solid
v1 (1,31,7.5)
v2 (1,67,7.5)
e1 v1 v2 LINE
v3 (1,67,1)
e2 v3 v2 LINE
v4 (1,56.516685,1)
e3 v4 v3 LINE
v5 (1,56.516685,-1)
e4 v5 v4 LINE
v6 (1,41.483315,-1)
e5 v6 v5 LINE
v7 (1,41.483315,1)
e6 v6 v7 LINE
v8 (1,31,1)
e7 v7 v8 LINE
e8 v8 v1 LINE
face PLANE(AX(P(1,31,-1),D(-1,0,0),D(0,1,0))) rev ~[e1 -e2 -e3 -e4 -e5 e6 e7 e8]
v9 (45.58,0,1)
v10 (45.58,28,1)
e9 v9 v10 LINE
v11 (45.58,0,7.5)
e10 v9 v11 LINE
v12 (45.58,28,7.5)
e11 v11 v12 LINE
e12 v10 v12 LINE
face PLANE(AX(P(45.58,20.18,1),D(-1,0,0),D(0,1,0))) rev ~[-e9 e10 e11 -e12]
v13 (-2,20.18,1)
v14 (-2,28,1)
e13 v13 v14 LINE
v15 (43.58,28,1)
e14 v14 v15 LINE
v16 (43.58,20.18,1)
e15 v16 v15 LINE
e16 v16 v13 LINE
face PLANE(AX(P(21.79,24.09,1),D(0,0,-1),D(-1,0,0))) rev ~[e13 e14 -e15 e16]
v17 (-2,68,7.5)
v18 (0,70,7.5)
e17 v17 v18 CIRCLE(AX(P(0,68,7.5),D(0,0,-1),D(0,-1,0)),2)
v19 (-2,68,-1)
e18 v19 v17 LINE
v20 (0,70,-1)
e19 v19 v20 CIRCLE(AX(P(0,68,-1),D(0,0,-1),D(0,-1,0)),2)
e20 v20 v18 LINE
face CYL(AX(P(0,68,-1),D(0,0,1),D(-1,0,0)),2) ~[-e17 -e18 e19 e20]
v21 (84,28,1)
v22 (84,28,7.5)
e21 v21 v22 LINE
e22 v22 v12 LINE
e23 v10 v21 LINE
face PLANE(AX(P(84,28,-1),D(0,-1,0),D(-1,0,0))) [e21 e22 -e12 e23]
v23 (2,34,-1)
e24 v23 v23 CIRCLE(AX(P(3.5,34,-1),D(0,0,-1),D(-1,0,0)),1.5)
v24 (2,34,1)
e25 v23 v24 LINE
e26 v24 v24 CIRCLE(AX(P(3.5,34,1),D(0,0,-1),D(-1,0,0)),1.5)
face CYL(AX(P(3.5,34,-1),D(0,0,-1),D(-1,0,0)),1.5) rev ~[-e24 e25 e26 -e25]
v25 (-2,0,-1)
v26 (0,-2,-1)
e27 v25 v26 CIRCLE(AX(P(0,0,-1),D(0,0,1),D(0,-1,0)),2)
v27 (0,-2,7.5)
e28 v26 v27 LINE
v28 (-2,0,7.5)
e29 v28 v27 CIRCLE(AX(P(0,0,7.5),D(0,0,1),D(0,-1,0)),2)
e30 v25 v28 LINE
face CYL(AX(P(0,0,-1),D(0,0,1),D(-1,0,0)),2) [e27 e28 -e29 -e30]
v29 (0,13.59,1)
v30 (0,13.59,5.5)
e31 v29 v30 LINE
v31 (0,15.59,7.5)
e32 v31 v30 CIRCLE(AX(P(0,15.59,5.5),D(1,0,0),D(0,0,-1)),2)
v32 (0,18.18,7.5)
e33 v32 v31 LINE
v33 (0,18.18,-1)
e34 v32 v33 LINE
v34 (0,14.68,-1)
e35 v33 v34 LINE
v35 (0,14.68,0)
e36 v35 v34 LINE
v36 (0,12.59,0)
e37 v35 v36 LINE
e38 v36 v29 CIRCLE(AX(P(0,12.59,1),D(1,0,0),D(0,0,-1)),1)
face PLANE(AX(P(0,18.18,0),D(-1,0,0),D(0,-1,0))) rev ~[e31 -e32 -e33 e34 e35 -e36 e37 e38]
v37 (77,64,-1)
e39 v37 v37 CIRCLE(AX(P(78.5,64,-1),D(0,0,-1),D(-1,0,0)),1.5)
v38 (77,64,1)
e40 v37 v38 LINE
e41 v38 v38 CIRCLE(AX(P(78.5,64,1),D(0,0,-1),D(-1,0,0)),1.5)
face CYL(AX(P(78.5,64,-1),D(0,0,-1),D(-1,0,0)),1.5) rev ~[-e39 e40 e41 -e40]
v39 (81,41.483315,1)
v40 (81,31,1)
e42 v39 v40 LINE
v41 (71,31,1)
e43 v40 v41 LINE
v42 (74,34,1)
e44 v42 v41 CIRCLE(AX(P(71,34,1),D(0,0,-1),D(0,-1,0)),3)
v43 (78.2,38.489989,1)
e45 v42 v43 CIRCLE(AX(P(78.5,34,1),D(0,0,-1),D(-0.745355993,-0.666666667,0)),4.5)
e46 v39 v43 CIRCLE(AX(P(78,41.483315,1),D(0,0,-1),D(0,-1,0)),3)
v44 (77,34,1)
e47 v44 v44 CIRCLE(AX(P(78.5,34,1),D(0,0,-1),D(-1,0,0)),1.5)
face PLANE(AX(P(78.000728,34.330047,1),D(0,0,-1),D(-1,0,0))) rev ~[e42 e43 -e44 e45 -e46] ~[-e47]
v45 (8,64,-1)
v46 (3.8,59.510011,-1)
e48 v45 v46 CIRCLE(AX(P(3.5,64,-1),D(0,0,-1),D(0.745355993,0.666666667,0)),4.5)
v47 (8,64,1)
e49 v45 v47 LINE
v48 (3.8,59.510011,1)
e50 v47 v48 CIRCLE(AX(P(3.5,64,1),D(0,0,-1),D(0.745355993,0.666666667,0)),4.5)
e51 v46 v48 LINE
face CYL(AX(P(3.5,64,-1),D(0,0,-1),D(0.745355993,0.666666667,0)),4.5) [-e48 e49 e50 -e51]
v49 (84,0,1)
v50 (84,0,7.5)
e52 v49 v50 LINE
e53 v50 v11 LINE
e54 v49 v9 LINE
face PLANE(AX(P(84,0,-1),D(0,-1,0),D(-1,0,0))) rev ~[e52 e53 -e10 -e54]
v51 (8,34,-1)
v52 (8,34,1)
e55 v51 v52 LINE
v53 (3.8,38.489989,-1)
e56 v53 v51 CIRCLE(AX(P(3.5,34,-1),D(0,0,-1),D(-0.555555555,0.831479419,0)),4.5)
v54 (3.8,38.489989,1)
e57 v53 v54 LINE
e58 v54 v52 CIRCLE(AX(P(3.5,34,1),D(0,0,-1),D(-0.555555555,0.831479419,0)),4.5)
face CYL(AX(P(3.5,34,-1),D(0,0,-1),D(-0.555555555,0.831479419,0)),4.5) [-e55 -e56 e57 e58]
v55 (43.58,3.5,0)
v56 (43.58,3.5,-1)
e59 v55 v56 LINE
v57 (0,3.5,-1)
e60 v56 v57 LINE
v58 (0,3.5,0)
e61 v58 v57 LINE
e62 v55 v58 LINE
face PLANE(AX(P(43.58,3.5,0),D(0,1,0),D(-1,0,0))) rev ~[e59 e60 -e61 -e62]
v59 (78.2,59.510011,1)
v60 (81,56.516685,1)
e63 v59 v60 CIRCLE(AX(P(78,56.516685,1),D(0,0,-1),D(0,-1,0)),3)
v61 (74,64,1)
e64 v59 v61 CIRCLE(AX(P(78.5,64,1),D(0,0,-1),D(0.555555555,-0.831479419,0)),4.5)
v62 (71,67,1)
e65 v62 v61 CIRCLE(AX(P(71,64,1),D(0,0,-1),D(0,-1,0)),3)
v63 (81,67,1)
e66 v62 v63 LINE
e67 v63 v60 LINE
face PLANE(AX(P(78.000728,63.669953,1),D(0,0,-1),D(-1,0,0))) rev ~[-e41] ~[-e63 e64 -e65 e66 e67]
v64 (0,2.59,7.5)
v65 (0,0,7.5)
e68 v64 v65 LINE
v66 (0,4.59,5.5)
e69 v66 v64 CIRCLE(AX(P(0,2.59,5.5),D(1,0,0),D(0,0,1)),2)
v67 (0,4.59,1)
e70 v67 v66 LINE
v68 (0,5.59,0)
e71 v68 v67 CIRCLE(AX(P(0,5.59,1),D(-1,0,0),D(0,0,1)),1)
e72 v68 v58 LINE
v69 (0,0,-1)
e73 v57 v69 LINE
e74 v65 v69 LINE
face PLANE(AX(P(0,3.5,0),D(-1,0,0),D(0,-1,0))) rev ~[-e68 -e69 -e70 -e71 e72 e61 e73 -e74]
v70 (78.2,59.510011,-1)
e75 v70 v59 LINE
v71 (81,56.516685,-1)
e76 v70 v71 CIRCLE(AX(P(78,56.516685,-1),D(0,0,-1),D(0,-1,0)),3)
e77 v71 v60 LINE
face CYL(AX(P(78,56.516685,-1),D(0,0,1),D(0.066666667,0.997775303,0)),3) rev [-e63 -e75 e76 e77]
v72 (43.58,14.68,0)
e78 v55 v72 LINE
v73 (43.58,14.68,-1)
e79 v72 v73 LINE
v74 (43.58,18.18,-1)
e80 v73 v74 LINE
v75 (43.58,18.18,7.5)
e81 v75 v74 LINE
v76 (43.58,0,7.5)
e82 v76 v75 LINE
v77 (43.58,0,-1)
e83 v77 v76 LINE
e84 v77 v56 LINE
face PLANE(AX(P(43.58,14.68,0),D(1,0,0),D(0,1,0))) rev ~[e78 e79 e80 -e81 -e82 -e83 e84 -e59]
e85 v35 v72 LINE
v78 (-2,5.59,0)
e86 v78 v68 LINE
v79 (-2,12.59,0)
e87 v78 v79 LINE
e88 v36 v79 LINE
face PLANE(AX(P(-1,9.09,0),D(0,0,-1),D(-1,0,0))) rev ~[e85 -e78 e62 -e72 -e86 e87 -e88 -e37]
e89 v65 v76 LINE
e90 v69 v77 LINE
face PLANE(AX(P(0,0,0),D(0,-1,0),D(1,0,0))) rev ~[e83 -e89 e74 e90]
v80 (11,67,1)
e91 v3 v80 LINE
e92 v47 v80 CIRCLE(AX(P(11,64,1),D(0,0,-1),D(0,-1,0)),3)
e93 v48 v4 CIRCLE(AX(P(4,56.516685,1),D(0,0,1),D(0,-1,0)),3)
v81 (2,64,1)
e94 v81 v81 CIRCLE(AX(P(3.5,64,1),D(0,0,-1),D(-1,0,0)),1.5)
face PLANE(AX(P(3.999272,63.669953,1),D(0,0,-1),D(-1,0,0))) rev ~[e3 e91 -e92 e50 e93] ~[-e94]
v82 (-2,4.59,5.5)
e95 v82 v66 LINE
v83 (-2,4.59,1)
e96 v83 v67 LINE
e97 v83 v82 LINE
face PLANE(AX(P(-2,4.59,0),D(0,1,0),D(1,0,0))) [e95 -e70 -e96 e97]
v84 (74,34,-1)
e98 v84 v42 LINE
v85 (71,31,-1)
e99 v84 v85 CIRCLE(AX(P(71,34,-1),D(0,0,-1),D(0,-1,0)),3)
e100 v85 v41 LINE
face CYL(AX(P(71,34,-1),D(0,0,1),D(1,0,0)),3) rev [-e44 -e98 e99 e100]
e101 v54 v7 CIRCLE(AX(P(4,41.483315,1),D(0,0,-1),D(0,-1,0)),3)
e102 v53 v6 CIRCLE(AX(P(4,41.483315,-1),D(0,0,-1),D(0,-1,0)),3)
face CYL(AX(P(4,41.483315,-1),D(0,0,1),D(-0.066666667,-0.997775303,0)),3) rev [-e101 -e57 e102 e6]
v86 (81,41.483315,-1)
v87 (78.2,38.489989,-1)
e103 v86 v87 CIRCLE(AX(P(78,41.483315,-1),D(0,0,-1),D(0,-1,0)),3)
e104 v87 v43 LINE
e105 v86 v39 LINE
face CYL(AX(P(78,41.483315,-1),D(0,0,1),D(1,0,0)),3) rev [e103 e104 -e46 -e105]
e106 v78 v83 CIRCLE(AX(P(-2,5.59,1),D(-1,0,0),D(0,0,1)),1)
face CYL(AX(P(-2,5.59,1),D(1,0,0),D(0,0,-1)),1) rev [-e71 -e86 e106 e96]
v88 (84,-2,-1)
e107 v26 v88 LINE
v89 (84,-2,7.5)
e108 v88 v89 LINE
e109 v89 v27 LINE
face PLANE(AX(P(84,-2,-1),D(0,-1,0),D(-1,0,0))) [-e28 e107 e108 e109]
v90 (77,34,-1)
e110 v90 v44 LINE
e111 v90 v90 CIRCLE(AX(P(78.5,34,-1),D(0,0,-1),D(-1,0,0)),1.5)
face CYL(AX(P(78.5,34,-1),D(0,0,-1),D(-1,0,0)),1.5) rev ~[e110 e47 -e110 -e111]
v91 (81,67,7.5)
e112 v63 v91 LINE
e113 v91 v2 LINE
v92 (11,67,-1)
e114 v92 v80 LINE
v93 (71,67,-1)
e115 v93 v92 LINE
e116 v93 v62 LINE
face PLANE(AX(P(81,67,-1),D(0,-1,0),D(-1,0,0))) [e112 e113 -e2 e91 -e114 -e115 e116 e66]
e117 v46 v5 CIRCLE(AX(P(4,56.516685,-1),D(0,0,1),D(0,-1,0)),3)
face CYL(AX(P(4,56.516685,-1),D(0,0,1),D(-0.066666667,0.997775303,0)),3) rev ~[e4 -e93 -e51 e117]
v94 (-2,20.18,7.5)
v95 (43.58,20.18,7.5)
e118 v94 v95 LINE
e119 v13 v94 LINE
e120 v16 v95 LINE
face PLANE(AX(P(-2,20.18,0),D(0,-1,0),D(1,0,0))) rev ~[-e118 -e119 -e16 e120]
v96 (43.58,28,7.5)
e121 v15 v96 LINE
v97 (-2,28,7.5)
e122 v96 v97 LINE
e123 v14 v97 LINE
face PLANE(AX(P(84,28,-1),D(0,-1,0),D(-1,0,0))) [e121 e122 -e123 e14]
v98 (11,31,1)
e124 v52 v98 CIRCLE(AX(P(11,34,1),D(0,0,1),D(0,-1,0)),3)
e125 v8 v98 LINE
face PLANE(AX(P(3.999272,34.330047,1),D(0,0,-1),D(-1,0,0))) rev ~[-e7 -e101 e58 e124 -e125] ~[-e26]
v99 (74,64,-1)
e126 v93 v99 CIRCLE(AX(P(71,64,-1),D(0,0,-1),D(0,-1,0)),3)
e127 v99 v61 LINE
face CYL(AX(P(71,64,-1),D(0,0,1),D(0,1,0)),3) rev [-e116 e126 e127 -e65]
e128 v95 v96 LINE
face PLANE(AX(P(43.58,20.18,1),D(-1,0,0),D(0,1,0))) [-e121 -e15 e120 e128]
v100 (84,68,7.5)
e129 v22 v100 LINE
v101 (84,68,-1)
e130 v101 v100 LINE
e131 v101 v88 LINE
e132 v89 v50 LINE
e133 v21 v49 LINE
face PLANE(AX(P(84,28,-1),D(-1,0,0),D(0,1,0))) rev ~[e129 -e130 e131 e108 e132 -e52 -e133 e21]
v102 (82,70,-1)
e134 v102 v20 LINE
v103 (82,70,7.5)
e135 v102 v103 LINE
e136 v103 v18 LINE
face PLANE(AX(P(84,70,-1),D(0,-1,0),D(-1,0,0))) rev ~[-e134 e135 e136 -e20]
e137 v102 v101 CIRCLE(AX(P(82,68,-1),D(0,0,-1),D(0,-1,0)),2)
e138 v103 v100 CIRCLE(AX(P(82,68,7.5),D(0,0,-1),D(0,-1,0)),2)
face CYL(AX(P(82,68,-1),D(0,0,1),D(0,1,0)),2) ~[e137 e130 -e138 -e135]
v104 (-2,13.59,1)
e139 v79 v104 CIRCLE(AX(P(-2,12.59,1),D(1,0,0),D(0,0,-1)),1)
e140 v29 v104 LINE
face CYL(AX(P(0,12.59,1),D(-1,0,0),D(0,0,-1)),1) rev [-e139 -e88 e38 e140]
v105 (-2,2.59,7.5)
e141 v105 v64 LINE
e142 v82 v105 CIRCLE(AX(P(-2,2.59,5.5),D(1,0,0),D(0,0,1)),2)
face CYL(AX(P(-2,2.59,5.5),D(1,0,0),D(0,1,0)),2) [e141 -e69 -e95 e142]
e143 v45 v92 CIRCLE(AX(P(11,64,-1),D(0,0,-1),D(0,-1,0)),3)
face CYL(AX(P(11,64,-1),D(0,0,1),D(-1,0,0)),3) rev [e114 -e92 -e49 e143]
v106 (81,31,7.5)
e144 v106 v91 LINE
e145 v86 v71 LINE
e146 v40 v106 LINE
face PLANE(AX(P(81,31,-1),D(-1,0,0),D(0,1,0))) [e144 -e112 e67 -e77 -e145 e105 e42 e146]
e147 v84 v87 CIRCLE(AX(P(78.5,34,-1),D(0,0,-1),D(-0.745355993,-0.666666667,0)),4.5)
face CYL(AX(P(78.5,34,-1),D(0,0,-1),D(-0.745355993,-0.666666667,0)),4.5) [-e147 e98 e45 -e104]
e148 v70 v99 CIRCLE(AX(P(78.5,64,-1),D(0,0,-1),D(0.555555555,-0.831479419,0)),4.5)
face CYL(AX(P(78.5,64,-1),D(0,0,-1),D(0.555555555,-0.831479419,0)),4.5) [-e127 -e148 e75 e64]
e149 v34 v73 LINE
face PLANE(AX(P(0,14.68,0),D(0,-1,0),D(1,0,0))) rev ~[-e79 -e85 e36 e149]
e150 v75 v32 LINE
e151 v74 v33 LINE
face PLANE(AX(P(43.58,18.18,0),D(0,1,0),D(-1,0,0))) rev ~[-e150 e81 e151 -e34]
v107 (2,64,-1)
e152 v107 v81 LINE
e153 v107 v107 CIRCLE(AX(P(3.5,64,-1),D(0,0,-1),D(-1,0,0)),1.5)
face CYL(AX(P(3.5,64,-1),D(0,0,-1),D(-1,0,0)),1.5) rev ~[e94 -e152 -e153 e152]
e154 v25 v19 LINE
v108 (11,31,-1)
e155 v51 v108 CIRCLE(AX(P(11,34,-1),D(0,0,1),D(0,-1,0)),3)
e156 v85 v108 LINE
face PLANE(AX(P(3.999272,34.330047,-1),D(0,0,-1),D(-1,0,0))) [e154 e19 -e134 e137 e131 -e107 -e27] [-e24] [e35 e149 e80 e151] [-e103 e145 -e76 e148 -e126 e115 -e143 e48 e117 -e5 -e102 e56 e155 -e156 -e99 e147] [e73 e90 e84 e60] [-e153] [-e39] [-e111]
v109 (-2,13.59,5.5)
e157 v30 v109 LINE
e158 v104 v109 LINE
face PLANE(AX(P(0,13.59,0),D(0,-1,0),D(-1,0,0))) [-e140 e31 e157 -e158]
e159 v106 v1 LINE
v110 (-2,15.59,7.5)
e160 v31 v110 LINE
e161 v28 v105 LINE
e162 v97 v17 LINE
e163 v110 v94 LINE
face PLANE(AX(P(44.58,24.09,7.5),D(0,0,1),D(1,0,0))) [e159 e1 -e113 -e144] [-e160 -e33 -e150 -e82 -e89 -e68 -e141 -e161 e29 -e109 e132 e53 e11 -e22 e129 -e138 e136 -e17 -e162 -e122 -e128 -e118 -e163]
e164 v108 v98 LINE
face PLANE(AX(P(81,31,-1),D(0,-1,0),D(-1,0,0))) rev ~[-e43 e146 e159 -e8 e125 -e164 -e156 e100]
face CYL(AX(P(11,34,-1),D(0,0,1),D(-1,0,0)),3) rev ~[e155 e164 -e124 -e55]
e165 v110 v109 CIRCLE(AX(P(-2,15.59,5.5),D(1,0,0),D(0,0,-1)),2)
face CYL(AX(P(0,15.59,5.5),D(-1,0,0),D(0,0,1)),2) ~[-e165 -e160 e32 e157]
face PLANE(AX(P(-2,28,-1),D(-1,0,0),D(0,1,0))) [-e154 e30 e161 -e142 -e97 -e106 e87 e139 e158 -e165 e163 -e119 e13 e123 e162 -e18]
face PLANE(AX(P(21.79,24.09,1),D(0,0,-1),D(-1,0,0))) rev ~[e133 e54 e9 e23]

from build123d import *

# Parameters (mm, degrees)
BOSS_EXTRUDE1_DEPTH = 7.5
SKETCH2_W           = 2
SKETCH2_H           = 9
BOSS_EXTRUDE2_DEPTH = 1
SKETCH3_W           = 38.42
SKETCH3_H           = 2
SKETCH3_W_2         = 86
SKETCH3_H_2         = 42
SKETCH3_W_3         = 80
SKETCH3_H_3         = 36
BOSS_EXTRUDE3_DEPTH = 8.5
SKETCH3_3_R         = 1.5
SKETCH3_3_W         = 47.58
SKETCH3_3_H         = 7.82
BOSS_EXTRUDE4_DEPTH = 2
FILLET1_R           = 3
FILLET2_R           = 2
SKETCH6_W           = 2
SKETCH6_H           = 7.82
BOSS_EXTRUDE5_DEPTH = 6.5
FILLET3_R           = 1
FILLET4_R           = 2


with BuildPart() as part:
    # Sketch1 → Boss-Extrude1 (new body)
    with BuildSketch(Plane.XY):
        Polygon((-2, -2), (-2, 4.59), (0, 4.59), (0, 0), (43.58, 0), (43.58, 18.18), (0, 18.18), (0, 13.59), (-2, 13.59), (-2, 20.18), (45.58, 20.18), (45.58, -2), align=None)
    extrude(amount=BOSS_EXTRUDE1_DEPTH)

    # Sketch2 → Boss-Extrude2 (add)
    with BuildSketch(Plane(origin=(0, 0, 0), x_dir=(-1, 0, 0), z_dir=(0, 0, -1))):
        with Locations((1, 9.09)):
            Rectangle(SKETCH2_W, SKETCH2_H)
        Polygon((0, 4.59), (0, 13.59), (0, 14.68), (-43.58, 14.68), (-43.58, 3.5), (0, 3.5), align=None)
        Polygon((2, 13.59), (2, 20.18), (-45.58, 20.18), (-45.58, -2), (2, -2), (2, 4.59), (0, 4.59), (0, 3.5), (0, 0), (-43.58, 0), (-43.58, 3.5), (-43.58, 14.68), (-43.58, 18.18), (0, 18.18), (0, 14.68), (0, 13.59), align=None)
    extrude(amount=BOSS_EXTRUDE2_DEPTH)

    # Sketch3 → Boss-Extrude3 (add)
    with BuildSketch(Plane(origin=(0, 0, -1), x_dir=(-1, 0, 0), z_dir=(0, 0, -1))):
        with Locations((-64.79, -1)):
            Rectangle(SKETCH3_W, SKETCH3_H)
        with Locations((-41, 49)):
            Rectangle(SKETCH3_W_2, SKETCH3_H_2)
        with Locations((-41, 49)):
            Rectangle(SKETCH3_W_3, SKETCH3_H_3, mode=Mode.SUBTRACT)
    extrude(amount=-BOSS_EXTRUDE3_DEPTH)

    # Sketch3<3> → Boss-Extrude4 (add)
    with BuildSketch(Plane(origin=(0, 0, -1), x_dir=(-1, 0, 0), z_dir=(0, 0, -1))):
        with BuildLine():
            Line((-6.854101966, 31), (-1, 31))
            Line((-1, 31), (-1, 37.741657387))
            ThreePointArc((-1, 37.741657387), (-6.897772597, 36.950447657), (-6.854101966, 31))
        make_face()
        with Locations((-3.5, 34)):
            Circle(SKETCH3_3_R, mode=Mode.SUBTRACT)
        with BuildLine():
            ThreePointArc((-6.854101966, 67), (-6.897772597, 61.049552343), (-1, 60.258342613))
            Line((-1, 60.258342613), (-1, 67))
            Line((-1, 67), (-6.854101966, 67))
        make_face()
        with Locations((-3.5, 64)):
            Circle(SKETCH3_3_R, mode=Mode.SUBTRACT)
        with BuildLine():
            Line((-81, 67), (-81, 60.258342613))
            ThreePointArc((-81, 60.258342613), (-75.102227403, 61.049552343), (-75.145898034, 67))
            Line((-75.145898034, 67), (-81, 67))
        make_face()
        with Locations((-78.5, 64)):
            Circle(SKETCH3_3_R, mode=Mode.SUBTRACT)
        with BuildLine():
            Line((-81, 31), (-75.145898034, 31))
            ThreePointArc((-75.145898034, 31), (-75.102227403, 36.950447657), (-81, 37.741657387))
            Line((-81, 37.741657387), (-81, 31))
        make_face()
        with Locations((-78.5, 34)):
            Circle(SKETCH3_3_R, mode=Mode.SUBTRACT)
        with Locations((-21.79, 24.09)):
            Rectangle(SKETCH3_3_W, SKETCH3_3_H)
        Polygon((-84, 0), (-45.58, 0), (-45.58, 20.18), (-45.58, 28), (-84, 28), align=None)
    extrude(amount=-BOSS_EXTRUDE4_DEPTH)

    # Fillet1
    fillet1_edges = [part.edges().sort_by_distance(p)[0] for p in [
        (1, 37.741657387, 0),
        (6.854101966, 31, 0),
        (6.854101966, 67, 0),
        (1, 60.258342613, 0),
        (81, 60.258342613, 0),
        (75.145898034, 67, 0),
        (75.145898034, 31, 0),
        (81, 37.741657387, 0),
    ]]
    fillet(fillet1_edges, radius=FILLET1_R)

    # Fillet2
    fillet2_edges = [part.edges().sort_by_distance(p)[0] for p in [
        (-2, -2, 3.25),
        (-2, 70, 3.25),
        (84, 70, 3.25),
    ]]
    fillet(fillet2_edges, radius=FILLET2_R)

    # Sketch6 → Boss-Extrude5 (add)
    with BuildSketch(Plane.XY.offset(1)):
        with Locations((44.58, 24.09)):
            Rectangle(SKETCH6_W, SKETCH6_H)
    extrude(amount=BOSS_EXTRUDE5_DEPTH)

    # Fillet3
    fillet3_edges = [part.edges().sort_by_distance(p)[0] for p in [
        (-1, 4.59, 0),
        (-1, 13.59, 0),
    ]]
    fillet(fillet3_edges, radius=FILLET3_R)

    # Fillet4
    fillet4_edges = [part.edges().sort_by_distance(p)[0] for p in [
        (-1, 4.59, 7.5),
        (-1, 13.59, 7.5),
    ]]
    fillet(fillet4_edges, radius=FILLET4_R)


solid = part.part
